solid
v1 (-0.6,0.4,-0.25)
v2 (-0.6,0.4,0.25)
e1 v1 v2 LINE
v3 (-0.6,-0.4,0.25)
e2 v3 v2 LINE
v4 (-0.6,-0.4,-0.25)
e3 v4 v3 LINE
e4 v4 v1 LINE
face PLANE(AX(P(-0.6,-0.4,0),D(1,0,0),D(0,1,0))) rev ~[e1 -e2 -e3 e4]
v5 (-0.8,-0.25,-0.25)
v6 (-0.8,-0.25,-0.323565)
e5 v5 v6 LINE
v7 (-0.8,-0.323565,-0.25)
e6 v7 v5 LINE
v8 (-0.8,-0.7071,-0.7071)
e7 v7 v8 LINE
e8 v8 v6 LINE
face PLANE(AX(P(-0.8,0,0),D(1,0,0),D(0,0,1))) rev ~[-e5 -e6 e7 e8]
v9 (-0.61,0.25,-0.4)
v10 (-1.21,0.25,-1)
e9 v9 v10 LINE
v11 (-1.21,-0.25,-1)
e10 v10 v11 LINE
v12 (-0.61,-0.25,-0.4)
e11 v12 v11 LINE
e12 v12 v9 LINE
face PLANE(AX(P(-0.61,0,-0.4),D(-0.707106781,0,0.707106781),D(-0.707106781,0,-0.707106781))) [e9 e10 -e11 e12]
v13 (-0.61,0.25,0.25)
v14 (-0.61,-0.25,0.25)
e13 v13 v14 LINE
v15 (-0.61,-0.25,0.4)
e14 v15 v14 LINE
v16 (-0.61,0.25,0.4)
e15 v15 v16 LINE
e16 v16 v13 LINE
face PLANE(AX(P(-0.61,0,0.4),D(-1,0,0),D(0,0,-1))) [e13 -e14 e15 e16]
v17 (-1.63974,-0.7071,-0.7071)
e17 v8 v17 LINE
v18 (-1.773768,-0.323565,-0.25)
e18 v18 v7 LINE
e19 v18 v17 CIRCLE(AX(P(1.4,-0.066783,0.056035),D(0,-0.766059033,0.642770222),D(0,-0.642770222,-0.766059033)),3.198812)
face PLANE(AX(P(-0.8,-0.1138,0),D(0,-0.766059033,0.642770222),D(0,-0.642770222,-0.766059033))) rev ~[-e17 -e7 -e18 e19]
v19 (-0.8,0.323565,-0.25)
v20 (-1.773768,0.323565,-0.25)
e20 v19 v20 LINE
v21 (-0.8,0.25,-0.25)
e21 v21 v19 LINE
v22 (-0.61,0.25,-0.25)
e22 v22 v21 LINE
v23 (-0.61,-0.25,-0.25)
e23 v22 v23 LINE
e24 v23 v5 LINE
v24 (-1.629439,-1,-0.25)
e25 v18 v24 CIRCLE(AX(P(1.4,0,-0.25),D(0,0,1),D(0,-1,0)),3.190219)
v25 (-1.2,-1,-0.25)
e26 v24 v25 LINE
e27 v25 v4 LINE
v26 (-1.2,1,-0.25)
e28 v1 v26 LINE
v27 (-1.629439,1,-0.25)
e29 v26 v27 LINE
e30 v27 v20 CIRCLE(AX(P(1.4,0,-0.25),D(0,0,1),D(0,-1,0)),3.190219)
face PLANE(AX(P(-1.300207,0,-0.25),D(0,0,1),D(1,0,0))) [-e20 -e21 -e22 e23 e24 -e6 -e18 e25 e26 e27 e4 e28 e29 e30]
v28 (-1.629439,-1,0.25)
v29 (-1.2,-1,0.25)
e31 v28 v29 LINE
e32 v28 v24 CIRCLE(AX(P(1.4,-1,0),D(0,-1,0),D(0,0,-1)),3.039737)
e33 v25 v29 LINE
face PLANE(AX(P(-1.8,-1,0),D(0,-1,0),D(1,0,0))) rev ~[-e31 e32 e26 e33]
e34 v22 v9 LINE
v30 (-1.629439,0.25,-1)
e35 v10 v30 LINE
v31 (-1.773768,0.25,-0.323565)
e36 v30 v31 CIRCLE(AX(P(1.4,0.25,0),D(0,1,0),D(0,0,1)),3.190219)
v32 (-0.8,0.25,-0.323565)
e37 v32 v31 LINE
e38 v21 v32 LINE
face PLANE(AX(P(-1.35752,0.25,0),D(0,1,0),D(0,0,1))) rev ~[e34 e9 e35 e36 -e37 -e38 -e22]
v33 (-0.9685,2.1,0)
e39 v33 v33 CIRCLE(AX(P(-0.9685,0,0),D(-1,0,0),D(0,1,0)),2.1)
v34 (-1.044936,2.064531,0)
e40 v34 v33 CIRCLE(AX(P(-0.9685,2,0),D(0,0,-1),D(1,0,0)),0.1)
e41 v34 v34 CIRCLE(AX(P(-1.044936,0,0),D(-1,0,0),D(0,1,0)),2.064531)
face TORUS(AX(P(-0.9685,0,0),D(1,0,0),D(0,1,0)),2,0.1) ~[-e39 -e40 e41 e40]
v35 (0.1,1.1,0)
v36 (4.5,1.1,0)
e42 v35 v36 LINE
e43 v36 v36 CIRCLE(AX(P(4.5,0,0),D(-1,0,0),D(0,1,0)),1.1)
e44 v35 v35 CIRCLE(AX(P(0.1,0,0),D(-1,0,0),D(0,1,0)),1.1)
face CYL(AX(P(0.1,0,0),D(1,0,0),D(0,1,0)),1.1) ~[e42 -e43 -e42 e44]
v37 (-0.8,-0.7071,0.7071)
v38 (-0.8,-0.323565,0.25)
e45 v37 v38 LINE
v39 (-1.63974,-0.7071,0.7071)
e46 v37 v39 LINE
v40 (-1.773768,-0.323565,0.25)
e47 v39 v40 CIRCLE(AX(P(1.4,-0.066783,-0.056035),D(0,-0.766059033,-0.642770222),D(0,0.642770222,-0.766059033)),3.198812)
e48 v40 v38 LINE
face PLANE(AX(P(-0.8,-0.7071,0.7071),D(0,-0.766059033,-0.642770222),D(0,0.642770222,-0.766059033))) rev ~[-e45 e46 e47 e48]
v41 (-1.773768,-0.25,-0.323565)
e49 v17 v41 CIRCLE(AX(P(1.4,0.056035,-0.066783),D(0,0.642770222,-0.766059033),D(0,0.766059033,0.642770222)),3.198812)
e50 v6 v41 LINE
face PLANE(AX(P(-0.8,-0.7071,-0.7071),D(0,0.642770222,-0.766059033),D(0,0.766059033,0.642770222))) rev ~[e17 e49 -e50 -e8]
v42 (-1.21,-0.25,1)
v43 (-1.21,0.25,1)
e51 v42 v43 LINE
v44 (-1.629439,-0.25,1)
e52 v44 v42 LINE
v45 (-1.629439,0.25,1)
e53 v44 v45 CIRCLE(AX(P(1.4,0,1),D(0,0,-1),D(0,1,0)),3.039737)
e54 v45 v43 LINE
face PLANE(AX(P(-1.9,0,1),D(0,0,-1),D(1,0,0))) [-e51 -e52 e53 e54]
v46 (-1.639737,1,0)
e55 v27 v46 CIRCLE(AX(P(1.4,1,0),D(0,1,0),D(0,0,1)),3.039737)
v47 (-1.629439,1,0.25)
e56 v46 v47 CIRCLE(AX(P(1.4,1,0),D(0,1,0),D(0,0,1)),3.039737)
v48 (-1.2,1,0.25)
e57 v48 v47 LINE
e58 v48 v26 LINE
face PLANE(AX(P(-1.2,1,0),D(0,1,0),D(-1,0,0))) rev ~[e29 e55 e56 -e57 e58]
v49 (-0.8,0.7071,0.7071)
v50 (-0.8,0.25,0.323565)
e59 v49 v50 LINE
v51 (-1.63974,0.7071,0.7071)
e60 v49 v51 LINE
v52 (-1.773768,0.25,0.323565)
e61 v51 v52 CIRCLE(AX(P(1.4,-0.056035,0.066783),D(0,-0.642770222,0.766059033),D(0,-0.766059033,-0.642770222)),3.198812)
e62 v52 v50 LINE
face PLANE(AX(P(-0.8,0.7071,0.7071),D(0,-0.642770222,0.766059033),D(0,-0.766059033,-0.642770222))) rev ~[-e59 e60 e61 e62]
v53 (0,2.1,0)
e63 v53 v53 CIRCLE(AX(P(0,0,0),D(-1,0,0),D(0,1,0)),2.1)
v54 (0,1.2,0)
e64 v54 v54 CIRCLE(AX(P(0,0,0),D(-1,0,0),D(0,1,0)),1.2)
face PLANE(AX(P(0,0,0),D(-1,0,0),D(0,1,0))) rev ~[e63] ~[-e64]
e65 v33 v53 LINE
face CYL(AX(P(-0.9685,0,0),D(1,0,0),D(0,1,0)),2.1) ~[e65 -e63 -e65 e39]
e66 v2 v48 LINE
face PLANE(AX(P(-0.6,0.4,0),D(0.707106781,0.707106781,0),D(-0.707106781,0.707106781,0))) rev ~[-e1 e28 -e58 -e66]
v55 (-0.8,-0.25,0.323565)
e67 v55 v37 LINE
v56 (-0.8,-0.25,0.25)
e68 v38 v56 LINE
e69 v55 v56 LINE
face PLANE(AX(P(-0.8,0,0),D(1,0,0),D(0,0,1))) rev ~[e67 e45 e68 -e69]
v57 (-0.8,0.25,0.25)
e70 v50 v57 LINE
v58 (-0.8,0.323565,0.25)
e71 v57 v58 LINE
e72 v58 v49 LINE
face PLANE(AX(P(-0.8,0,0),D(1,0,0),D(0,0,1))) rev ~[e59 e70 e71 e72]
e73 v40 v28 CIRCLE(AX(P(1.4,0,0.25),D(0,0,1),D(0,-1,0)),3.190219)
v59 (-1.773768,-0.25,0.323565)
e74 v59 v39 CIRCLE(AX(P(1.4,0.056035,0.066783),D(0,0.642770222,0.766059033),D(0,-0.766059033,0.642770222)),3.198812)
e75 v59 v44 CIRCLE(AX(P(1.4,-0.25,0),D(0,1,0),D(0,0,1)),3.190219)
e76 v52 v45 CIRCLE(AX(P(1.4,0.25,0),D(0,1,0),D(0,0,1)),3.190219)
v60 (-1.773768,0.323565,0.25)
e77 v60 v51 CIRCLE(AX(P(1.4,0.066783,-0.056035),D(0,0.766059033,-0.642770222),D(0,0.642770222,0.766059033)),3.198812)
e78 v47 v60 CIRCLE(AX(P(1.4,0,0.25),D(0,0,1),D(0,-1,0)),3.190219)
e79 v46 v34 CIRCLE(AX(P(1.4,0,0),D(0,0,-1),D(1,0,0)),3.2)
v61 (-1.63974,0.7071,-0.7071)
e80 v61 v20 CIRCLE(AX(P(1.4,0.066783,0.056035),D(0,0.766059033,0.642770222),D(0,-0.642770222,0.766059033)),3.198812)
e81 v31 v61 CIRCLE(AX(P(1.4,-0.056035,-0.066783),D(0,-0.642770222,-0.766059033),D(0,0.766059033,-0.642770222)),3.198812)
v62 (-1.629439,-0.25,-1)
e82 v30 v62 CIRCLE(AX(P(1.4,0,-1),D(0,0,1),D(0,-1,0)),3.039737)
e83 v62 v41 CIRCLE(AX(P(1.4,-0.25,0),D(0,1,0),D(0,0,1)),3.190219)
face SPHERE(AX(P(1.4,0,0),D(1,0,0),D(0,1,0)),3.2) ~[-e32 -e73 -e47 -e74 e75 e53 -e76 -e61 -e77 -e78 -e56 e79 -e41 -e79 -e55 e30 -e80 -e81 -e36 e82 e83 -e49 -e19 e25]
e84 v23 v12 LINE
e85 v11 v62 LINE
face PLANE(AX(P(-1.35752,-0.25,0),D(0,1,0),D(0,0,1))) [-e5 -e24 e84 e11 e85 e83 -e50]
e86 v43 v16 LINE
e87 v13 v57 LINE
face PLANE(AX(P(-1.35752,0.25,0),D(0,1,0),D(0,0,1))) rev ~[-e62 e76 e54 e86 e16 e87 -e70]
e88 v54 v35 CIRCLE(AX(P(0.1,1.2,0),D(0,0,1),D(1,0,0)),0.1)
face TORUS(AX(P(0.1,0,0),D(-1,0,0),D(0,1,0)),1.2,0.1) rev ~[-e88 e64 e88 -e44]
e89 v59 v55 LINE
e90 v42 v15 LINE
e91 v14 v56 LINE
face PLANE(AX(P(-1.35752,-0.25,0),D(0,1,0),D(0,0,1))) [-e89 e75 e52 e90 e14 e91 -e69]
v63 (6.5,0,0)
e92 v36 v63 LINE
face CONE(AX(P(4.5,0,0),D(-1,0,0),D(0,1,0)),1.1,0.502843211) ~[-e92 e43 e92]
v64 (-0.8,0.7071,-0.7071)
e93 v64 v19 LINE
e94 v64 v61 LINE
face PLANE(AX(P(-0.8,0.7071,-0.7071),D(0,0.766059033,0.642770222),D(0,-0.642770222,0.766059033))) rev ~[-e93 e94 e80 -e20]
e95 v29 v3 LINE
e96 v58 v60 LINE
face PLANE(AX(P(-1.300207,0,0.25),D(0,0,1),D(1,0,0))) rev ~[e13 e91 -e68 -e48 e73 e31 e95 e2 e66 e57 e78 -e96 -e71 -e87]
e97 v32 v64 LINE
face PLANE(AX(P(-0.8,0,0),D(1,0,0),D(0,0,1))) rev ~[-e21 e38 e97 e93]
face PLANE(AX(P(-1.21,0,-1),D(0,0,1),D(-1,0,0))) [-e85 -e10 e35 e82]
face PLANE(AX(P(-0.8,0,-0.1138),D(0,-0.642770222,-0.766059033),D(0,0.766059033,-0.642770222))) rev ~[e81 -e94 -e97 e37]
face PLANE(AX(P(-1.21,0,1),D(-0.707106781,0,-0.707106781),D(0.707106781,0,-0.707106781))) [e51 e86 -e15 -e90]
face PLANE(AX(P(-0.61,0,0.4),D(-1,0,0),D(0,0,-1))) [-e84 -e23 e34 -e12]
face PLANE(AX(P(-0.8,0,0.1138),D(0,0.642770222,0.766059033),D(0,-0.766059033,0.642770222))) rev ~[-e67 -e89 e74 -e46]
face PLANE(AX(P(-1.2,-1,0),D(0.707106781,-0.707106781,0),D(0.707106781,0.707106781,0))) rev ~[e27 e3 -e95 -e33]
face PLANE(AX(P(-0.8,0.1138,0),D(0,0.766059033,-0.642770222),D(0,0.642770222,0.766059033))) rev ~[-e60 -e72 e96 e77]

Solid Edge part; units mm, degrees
sketch "Sketch1" plane through (0, 0, 0) normal (0, 0, 1) x (1, 0, 0)
  arc A0 (-1.8, 0) -> (-1.0449, 2.0645) centre (1.4, 0) cw
  arc A1 (-1.0449, 2.0645) -> (-0.9685, 2.1) centre (-0.9685, 2) cw
  line L0 (-0.9685, 2.1) -> (0, 2.1)
  line L1 (0, 2.1) -> (0, 1.2)
  arc A2 (0, 1.2) -> (0.1, 1.1) centre (0.1, 1.2) ccw
  line L2 (0.1, 1.1) -> (4.5, 1.1)
  line L3 (4.5, 1.1) -> (6.5, 0)
  line L4 (6.5, 0) -> (-1.8, 0)
revolve "RevolvedProtrusion1" add sketch "Sketch1" angle 360 about axis through (9.5, 0, 0) along (-1, 0, 0)
cosmetic_thread "Thread1" size "M2.2"
sketch "Sketch2" plane through (0, 0, 0) normal (0, 0, 1) x (1, 0, 0)
  line L0 (-1.8, -1) -> (-1.2, -1)
  line L1 (-1.2, -1) -> (-0.6, -0.4)
  line L2 (-0.6, -0.4) -> (-0.6, 0.4)
  line L3 (-0.6, 0.4) -> (-1.2, 1)
  line L4 (-1.2, 1) -> (-1.8, 1)
  line L5 (-1.8, 1) -> (-1.8, -1)
extrude "ExtrudedCutout_1" cut sketch "Sketch2" against normal blind 0.25 and the other way blind 0.25
sketch "Sketch3" plane through (0, 0, 0) normal (0, -1, 0) x (1, 0, 0)
  line L0 (-1.9, 1) -> (-1.21, 1)
  line L1 (-1.21, 1) -> (-0.61, 0.4)
  line L2 (-0.61, 0.4) -> (-0.61, -0.4)
  line L3 (-0.61, -0.4) -> (-1.21, -1)
  line L4 (-1.21, -1) -> (-1.9, -1)
  line L5 (-1.9, -1) -> (-1.9, 1)
extrude "ExtrudedCutout_2" cut sketch "Sketch3" against normal blind 0.25 and the other way blind 0.25
sketch "Sketch4" plane through (-0.8, 0, 0) normal (1, 0, 0) x (0, 1, 0)
  line L0 (-0.7071, 0.7071) -> (-0.1138, 0)
  line L1 (-0.1138, 0) -> (-0.7071, -0.7071)
  line L2 (-0.7071, -0.7071) -> (0, -0.1138)
  line L3 (0, -0.1138) -> (0.7071, -0.7071)
  line L4 (0.7071, -0.7071) -> (0.1138, 0)
  line L5 (0.1138, 0) -> (0.7071, 0.7071)
  line L6 (0.7071, 0.7071) -> (0, 0.1138)
  line L7 (0, 0.1138) -> (-0.7071, 0.7071)
extrude "ExtrudedCutout_3" cut sketch "Sketch4" against normal blind 1.8
properties part number "bene_inox_412405-2,2X6,5"
